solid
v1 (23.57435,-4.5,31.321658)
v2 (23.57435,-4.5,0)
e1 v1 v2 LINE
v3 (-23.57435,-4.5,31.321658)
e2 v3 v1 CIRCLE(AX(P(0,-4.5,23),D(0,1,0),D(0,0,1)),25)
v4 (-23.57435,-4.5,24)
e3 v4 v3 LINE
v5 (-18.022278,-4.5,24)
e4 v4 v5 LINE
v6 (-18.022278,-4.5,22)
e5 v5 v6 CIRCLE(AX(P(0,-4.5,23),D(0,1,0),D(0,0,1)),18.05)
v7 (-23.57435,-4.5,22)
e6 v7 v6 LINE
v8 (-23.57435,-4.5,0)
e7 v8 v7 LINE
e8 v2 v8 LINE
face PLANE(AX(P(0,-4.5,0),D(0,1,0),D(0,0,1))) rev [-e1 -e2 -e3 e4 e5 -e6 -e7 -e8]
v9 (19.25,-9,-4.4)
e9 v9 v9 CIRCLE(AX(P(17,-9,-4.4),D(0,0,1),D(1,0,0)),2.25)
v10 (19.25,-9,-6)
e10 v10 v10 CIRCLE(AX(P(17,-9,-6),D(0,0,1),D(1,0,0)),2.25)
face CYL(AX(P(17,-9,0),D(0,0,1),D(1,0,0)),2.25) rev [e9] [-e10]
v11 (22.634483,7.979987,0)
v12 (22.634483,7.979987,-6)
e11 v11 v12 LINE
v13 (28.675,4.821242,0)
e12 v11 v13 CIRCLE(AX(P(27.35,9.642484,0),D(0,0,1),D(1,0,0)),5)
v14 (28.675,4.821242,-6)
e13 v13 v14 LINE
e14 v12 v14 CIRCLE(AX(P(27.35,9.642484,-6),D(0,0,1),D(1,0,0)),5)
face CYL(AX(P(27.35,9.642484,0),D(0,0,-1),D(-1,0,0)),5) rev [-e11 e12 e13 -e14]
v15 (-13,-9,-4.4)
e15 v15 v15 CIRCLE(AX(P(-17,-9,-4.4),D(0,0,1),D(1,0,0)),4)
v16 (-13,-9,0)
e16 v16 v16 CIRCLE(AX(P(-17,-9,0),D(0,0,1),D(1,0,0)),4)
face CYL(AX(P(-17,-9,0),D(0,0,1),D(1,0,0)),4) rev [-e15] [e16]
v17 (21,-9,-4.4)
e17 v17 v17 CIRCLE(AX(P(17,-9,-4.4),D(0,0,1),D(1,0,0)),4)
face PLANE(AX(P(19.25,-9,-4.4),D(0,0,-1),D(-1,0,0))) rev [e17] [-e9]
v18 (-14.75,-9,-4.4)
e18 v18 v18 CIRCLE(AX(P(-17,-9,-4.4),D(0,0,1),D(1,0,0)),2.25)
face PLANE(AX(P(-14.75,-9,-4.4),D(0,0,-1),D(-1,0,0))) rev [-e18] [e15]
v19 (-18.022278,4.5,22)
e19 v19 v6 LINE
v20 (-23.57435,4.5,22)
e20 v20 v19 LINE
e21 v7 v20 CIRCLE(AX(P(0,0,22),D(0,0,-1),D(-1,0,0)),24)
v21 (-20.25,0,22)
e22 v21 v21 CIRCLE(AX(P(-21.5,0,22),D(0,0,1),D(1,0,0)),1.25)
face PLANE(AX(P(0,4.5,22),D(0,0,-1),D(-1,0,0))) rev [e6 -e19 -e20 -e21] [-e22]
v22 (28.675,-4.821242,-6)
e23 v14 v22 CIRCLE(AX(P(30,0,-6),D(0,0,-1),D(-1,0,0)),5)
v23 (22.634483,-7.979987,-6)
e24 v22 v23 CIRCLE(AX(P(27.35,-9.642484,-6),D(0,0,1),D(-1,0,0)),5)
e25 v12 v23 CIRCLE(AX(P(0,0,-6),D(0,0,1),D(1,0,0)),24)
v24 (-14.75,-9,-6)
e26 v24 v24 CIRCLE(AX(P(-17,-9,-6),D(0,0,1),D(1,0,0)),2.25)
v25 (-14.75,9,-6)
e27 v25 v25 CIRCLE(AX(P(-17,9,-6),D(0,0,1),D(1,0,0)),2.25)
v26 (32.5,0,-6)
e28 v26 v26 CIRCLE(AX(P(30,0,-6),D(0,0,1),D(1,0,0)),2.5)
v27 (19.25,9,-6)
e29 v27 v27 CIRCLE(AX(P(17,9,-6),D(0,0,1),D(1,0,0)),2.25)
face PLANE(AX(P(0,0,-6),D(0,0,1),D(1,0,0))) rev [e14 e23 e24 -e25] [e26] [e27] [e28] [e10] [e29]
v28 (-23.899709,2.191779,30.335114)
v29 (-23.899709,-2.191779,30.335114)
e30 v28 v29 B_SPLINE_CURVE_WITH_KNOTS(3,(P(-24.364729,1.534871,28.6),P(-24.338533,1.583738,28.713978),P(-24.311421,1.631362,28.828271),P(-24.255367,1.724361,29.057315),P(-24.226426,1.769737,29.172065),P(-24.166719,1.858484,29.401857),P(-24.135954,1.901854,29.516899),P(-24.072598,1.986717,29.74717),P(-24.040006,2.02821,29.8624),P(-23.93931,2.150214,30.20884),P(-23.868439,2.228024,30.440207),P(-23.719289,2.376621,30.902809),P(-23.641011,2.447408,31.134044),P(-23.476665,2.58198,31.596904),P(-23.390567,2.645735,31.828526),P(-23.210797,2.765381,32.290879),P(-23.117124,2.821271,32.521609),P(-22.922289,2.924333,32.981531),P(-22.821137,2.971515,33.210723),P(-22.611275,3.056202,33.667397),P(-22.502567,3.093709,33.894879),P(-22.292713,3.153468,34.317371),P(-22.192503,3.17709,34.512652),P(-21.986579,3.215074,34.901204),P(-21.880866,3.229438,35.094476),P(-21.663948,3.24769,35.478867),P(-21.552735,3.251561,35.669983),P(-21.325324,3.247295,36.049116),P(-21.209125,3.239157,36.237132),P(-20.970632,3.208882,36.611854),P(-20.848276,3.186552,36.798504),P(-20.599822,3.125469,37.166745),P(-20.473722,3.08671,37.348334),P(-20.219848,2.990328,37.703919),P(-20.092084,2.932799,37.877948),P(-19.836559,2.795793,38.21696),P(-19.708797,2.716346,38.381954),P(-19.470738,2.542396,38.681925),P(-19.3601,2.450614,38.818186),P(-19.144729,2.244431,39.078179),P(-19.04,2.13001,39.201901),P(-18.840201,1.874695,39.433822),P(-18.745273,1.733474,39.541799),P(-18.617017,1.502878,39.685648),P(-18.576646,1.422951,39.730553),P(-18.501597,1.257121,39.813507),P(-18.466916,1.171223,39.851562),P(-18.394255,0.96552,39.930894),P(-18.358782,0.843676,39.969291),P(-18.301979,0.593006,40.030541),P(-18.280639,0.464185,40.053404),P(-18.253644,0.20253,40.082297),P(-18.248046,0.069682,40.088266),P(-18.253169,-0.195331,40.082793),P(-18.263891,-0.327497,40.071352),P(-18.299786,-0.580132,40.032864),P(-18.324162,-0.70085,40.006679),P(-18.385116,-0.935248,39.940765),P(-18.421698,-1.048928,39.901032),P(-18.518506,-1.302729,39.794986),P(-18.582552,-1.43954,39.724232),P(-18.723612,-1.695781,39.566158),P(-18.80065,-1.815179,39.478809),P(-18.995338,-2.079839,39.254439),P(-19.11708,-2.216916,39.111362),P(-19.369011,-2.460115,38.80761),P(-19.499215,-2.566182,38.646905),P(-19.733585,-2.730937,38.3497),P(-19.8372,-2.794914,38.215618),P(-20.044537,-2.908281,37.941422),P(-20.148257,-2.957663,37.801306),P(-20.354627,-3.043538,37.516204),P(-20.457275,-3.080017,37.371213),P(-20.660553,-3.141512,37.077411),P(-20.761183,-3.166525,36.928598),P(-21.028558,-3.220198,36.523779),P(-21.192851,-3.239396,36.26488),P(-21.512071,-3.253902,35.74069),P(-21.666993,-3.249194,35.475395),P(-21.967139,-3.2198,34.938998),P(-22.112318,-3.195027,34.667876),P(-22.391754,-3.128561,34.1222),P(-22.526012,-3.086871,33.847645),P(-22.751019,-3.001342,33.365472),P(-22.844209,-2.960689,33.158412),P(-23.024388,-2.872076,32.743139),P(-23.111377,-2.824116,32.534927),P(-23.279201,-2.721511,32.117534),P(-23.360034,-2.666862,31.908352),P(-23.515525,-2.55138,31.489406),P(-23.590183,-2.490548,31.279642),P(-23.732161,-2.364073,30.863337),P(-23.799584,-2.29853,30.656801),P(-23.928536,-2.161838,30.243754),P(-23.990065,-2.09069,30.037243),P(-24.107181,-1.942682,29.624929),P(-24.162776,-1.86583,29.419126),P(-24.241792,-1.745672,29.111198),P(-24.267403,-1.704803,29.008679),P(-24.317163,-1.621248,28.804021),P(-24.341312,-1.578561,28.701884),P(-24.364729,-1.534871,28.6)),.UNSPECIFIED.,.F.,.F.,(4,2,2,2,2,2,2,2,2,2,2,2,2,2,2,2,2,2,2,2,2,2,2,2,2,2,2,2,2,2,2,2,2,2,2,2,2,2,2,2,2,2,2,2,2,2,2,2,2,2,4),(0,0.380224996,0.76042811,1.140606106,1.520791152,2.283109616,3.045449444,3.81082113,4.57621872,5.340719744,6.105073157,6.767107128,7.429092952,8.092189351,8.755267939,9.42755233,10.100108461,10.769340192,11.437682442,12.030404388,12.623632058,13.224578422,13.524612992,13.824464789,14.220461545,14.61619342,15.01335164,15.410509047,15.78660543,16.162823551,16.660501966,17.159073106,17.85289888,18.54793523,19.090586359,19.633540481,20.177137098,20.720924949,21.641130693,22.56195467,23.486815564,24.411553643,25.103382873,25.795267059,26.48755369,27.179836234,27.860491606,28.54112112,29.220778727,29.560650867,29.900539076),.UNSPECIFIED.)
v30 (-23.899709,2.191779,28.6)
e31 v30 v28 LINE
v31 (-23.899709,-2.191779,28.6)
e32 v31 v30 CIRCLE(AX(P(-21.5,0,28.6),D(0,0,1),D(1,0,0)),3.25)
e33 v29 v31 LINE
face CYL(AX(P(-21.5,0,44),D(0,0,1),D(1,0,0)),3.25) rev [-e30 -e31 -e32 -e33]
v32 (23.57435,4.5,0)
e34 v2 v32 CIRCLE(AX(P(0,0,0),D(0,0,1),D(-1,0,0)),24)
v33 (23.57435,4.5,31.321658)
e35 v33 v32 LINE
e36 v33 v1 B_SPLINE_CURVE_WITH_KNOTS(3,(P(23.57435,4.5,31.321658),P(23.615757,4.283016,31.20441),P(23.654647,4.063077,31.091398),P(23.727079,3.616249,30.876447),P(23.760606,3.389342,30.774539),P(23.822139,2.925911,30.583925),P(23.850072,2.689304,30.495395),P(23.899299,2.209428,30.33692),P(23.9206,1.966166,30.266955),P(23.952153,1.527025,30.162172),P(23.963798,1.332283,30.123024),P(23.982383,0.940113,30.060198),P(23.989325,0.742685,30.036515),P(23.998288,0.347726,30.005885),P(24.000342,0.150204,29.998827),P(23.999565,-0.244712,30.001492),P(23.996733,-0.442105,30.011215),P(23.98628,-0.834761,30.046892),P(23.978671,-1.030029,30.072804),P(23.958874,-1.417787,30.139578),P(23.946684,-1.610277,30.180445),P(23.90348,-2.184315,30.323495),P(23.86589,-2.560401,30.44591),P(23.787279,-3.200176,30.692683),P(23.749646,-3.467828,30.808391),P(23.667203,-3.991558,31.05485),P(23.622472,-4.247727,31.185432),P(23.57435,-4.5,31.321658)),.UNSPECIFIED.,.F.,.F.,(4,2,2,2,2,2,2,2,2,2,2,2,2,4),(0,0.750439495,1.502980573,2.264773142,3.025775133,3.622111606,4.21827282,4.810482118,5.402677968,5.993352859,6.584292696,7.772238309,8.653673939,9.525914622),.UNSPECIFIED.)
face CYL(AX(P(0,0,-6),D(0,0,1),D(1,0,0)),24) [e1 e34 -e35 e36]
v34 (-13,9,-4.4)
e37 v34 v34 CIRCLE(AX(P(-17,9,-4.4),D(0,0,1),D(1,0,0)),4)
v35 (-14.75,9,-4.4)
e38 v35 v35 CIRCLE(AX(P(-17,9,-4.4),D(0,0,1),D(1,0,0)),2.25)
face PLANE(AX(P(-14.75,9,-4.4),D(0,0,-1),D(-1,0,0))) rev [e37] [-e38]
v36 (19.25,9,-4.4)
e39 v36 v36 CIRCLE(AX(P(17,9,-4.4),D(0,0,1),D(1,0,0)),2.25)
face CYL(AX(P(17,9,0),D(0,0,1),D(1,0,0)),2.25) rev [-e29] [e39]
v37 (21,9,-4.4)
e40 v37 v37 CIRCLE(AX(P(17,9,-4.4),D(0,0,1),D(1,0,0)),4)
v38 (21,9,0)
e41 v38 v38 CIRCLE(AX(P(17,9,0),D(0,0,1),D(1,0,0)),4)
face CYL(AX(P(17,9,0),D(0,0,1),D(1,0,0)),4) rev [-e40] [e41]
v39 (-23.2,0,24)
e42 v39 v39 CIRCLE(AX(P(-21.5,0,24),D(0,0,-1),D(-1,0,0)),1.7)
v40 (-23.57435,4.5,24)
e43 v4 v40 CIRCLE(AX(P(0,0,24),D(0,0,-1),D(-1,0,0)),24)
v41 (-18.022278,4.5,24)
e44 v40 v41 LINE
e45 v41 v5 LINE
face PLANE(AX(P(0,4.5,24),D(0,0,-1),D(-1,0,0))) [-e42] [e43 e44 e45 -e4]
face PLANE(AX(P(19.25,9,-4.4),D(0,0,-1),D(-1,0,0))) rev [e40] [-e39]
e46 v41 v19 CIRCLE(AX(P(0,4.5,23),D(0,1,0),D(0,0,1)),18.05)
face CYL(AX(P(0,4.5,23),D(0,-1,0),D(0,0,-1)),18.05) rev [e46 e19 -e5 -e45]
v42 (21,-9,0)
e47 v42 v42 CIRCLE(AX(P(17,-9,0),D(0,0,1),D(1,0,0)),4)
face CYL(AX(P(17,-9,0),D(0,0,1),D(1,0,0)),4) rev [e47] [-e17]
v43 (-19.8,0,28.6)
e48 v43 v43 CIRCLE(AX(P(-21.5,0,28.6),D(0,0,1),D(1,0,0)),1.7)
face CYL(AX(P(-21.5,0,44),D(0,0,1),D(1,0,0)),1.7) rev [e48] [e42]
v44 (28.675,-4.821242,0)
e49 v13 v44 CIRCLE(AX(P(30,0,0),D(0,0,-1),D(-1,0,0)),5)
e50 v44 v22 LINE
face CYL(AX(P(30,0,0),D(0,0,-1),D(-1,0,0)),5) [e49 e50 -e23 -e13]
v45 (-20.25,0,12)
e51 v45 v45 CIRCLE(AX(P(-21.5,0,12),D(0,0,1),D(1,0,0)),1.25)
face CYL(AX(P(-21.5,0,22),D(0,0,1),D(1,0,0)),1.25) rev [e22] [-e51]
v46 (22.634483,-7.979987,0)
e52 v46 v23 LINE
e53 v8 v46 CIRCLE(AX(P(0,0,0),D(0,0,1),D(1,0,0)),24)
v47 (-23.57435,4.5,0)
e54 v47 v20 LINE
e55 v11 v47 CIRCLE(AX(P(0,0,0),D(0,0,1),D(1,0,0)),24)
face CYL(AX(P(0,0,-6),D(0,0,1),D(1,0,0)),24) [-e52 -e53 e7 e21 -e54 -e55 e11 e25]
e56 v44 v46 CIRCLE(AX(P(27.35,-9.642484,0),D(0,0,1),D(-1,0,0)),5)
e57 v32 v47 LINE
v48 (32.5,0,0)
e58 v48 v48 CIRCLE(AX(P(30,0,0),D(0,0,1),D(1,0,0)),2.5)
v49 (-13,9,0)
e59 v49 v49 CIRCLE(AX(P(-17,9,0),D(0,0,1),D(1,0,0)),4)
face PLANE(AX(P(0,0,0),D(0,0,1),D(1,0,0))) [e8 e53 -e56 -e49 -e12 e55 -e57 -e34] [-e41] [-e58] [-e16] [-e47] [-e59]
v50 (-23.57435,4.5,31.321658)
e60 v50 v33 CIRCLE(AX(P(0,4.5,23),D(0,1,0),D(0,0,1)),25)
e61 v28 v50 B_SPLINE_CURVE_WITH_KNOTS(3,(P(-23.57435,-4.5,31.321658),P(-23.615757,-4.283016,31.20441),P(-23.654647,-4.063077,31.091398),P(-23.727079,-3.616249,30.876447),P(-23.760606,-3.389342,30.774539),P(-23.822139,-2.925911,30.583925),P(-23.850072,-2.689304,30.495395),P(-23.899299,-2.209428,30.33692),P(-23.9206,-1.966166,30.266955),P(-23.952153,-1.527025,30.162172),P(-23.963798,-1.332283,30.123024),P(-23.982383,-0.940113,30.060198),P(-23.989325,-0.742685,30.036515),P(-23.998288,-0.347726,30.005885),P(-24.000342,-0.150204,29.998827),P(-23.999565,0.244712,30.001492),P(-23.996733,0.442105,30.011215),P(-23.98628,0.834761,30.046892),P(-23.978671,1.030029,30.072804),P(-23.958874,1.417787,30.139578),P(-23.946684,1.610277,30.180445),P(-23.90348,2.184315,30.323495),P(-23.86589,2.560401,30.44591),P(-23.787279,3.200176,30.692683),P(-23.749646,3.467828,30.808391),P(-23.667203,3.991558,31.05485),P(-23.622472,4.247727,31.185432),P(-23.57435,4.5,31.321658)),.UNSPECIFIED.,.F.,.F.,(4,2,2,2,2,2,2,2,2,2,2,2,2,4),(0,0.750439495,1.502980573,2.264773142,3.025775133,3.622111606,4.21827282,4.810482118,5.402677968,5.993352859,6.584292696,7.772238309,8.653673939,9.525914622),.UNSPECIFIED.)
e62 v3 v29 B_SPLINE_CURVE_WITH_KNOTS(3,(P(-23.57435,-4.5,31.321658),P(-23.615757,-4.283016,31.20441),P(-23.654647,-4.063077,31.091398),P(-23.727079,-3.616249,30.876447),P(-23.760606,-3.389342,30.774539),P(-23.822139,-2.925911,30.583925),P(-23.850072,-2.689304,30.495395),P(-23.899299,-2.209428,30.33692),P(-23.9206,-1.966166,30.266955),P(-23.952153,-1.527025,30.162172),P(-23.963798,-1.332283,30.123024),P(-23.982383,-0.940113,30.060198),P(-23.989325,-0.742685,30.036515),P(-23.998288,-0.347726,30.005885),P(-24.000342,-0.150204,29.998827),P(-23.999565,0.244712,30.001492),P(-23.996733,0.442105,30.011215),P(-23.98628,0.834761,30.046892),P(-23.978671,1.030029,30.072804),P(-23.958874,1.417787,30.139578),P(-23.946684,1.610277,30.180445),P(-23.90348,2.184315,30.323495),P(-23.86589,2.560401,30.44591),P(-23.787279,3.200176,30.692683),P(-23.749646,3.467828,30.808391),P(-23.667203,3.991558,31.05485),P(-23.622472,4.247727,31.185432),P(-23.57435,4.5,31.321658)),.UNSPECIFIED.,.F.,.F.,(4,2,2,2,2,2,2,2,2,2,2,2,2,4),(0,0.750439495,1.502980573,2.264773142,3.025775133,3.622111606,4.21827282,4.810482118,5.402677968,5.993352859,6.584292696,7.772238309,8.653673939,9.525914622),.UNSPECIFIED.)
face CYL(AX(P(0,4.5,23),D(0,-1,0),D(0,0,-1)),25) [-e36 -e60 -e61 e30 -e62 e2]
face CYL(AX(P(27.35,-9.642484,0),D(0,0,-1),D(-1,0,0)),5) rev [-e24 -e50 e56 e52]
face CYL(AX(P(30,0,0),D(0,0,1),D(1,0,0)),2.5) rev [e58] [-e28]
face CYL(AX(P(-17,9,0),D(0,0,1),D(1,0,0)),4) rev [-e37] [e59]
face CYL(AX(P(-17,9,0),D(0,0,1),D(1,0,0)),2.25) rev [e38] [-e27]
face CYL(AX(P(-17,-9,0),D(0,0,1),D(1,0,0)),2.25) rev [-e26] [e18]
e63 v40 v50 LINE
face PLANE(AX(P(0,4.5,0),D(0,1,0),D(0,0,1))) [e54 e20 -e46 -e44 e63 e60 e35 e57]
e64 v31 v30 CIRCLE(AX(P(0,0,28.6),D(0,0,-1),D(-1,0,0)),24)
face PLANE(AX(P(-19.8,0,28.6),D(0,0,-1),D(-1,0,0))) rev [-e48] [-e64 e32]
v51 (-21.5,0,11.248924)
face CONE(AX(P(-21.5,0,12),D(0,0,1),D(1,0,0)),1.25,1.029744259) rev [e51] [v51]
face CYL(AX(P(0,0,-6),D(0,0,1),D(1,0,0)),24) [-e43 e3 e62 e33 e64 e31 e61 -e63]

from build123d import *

# Parameters (mm, degrees)
SKETCH1_R                                          = 24
BOSS_EXTRUDE1_DEPTH                                = 6
BOSS_EXTRUDE2_DEPTH                                = 4.5
BOSS_EXTRUDE2_DEPTH_BACK                           = 4.5
CHAMBRAGE_POUR_VIS_T_TE_HEXAGONALE_M42_D           = 4.5
CHAMBRAGE_POUR_VIS_T_TE_HEXAGONALE_M42_CBORE_D     = 8
CHAMBRAGE_POUR_VIS_T_TE_HEXAGONALE_M42_CBORE_DEPTH = 4.4
CHAMBRAGE_POUR_VIS_T_TE_HEXAGONALE_M31_D           = 3.4
CHAMBRAGE_POUR_VIS_T_TE_HEXAGONALE_M31_DEPTH       = 21
CHAMBRAGE_POUR_VIS_T_TE_HEXAGONALE_M31_CBORE_D     = 6.5
CHAMBRAGE_POUR_VIS_T_TE_HEXAGONALE_M31_CBORE_DEPTH = 15.4
TROU_POUR_TARAUDAGE_POUR_TROU_TARAUD_M3_D          = 2.5
TROU_POUR_TARAUDAGE_POUR_TROU_TARAUD_M3_DEPTH      = 10
TROU_POUR_TARAUDAGE_POUR_TROU_TARAUD_M3_TIP        = 0.751075774
ESQUISSE8_OUTSIDE_W                                = 69.572
ESQUISSE8_OUTSIDE_H                                = 67.572
ESQUISSE8_OUTSIDE_R                                = 24
ENL_V_MAT_EXTRU_3_DEPTH                            = 49.0000001
ENL_V_MAT_EXTRU_3_DEPTH_BACK                       = 7
BOSS_EXTRU_1_DEPTH                                 = 6
TROU_POUR_TARAUDAGE_POUR_TROU_TARAUD_M6_D          = 5


with BuildPart() as part:
    # Sketch1 → Boss-Extrude1 (new body)
    with BuildSketch(Plane.XY):
        Circle(SKETCH1_R)
    extrude(amount=-BOSS_EXTRUDE1_DEPTH)

    # Sketch2 → Boss-Extrude2 (add, two sides)
    with BuildSketch(Plane(origin=(0, 0, 0), x_dir=(1, 0, 0), z_dir=(0, 1, 0))) as boss_extrude2_sk:
        with BuildLine():
            Line((-18.02227788, -24), (-24.979991994, -24))
            ThreePointArc((-24.979991994, -24), (0.50010007, -47.994997498), (25, -23))
            Line((25, -23), (25, 6))
            Line((25, 6), (-25, 6))
            Line((-25, 6), (-25, -22))
            Line((-25, -22), (-18.02227788, -22))
            ThreePointArc((-18.02227788, -22), (0.500192092, -4.956931861), (18.05, -23))
            ThreePointArc((18.05, -23), (0.500192092, -41.043068139), (-18.02227788, -24))
        make_face()
    extrude(amount=BOSS_EXTRUDE2_DEPTH)
    extrude(boss_extrude2_sk.sketch, amount=-BOSS_EXTRUDE2_DEPTH_BACK)

    # Chambrage pour vis à tête hexagonale M42 (through all)
    with Locations(Plane.XY):
        with Locations((17, 9), (-17, -9), (-17, 9), (17, -9)):
            CounterBoreHole(CHAMBRAGE_POUR_VIS_T_TE_HEXAGONALE_M42_D / 2, CHAMBRAGE_POUR_VIS_T_TE_HEXAGONALE_M42_CBORE_D / 2, CHAMBRAGE_POUR_VIS_T_TE_HEXAGONALE_M42_CBORE_DEPTH)

    # Chambrage pour vis à tête hexagonale M31
    with Locations(Plane(origin=(0, 0, 44), x_dir=(-1, 0, 0), z_dir=(0, 0, 1))):
        with Locations((21.5, 0)):
            CounterBoreHole(CHAMBRAGE_POUR_VIS_T_TE_HEXAGONALE_M31_D / 2, CHAMBRAGE_POUR_VIS_T_TE_HEXAGONALE_M31_CBORE_D / 2, CHAMBRAGE_POUR_VIS_T_TE_HEXAGONALE_M31_CBORE_DEPTH, depth=CHAMBRAGE_POUR_VIS_T_TE_HEXAGONALE_M31_DEPTH)

    # Trou pour taraudage pour trou taraudé M31
    with Locations(Plane.XY.offset(22)):
        with Locations((-21.5, 0)):
            Hole(TROU_POUR_TARAUDAGE_POUR_TROU_TARAUD_M3_D / 2, depth=TROU_POUR_TARAUDAGE_POUR_TROU_TARAUD_M3_DEPTH)
            with Locations((0, 0, -(TROU_POUR_TARAUDAGE_POUR_TROU_TARAUD_M3_DEPTH + TROU_POUR_TARAUDAGE_POUR_TROU_TARAUD_M3_TIP / 2))):  # 118° drill point
                Cone(0, TROU_POUR_TARAUDAGE_POUR_TROU_TARAUD_M3_D / 2, TROU_POUR_TARAUDAGE_POUR_TROU_TARAUD_M3_TIP, mode=Mode.SUBTRACT)

    # Esquisse8 outside → Enlèv. mat.-Extru.3 (cut, two sides)
    with BuildSketch(Plane.XY) as enl_v_mat_extru_3_sk:
        Rectangle(ESQUISSE8_OUTSIDE_W, ESQUISSE8_OUTSIDE_H)
        Circle(ESQUISSE8_OUTSIDE_R, mode=Mode.SUBTRACT)
    extrude(amount=ENL_V_MAT_EXTRU_3_DEPTH, mode=Mode.SUBTRACT)
    extrude(enl_v_mat_extru_3_sk.sketch, amount=-ENL_V_MAT_EXTRU_3_DEPTH_BACK, mode=Mode.SUBTRACT)

    # Esquisse9 → Boss.-Extru.1 (add)
    with BuildSketch(Plane(origin=(0, 0, -6), x_dir=(-1, 0, 0), z_dir=(0, 0, -1))):
        with BuildLine():
            ThreePointArc((-28.675, 4.82124206), (-35, 0), (-28.675, -4.82124206))
            ThreePointArc((-28.675, -4.82124206), (-25.033036693, -5.211718832), (-22.634482759, -7.979986858))
            ThreePointArc((-22.634482759, -7.979986858), (-24, 0), (-22.634482759, 7.979986858))
            ThreePointArc((-22.634482759, 7.979986858), (-25.033036693, 5.211718832), (-28.675, 4.82124206))
        make_face()
    extrude(amount=-BOSS_EXTRU_1_DEPTH)

    # Trou pour taraudage pour trou taraudé M62 (through all)
    with Locations(Plane.XY):
        with Locations((30, 0)):
            Hole(TROU_POUR_TARAUDAGE_POUR_TROU_TARAUD_M6_D / 2)


solid = part.part
